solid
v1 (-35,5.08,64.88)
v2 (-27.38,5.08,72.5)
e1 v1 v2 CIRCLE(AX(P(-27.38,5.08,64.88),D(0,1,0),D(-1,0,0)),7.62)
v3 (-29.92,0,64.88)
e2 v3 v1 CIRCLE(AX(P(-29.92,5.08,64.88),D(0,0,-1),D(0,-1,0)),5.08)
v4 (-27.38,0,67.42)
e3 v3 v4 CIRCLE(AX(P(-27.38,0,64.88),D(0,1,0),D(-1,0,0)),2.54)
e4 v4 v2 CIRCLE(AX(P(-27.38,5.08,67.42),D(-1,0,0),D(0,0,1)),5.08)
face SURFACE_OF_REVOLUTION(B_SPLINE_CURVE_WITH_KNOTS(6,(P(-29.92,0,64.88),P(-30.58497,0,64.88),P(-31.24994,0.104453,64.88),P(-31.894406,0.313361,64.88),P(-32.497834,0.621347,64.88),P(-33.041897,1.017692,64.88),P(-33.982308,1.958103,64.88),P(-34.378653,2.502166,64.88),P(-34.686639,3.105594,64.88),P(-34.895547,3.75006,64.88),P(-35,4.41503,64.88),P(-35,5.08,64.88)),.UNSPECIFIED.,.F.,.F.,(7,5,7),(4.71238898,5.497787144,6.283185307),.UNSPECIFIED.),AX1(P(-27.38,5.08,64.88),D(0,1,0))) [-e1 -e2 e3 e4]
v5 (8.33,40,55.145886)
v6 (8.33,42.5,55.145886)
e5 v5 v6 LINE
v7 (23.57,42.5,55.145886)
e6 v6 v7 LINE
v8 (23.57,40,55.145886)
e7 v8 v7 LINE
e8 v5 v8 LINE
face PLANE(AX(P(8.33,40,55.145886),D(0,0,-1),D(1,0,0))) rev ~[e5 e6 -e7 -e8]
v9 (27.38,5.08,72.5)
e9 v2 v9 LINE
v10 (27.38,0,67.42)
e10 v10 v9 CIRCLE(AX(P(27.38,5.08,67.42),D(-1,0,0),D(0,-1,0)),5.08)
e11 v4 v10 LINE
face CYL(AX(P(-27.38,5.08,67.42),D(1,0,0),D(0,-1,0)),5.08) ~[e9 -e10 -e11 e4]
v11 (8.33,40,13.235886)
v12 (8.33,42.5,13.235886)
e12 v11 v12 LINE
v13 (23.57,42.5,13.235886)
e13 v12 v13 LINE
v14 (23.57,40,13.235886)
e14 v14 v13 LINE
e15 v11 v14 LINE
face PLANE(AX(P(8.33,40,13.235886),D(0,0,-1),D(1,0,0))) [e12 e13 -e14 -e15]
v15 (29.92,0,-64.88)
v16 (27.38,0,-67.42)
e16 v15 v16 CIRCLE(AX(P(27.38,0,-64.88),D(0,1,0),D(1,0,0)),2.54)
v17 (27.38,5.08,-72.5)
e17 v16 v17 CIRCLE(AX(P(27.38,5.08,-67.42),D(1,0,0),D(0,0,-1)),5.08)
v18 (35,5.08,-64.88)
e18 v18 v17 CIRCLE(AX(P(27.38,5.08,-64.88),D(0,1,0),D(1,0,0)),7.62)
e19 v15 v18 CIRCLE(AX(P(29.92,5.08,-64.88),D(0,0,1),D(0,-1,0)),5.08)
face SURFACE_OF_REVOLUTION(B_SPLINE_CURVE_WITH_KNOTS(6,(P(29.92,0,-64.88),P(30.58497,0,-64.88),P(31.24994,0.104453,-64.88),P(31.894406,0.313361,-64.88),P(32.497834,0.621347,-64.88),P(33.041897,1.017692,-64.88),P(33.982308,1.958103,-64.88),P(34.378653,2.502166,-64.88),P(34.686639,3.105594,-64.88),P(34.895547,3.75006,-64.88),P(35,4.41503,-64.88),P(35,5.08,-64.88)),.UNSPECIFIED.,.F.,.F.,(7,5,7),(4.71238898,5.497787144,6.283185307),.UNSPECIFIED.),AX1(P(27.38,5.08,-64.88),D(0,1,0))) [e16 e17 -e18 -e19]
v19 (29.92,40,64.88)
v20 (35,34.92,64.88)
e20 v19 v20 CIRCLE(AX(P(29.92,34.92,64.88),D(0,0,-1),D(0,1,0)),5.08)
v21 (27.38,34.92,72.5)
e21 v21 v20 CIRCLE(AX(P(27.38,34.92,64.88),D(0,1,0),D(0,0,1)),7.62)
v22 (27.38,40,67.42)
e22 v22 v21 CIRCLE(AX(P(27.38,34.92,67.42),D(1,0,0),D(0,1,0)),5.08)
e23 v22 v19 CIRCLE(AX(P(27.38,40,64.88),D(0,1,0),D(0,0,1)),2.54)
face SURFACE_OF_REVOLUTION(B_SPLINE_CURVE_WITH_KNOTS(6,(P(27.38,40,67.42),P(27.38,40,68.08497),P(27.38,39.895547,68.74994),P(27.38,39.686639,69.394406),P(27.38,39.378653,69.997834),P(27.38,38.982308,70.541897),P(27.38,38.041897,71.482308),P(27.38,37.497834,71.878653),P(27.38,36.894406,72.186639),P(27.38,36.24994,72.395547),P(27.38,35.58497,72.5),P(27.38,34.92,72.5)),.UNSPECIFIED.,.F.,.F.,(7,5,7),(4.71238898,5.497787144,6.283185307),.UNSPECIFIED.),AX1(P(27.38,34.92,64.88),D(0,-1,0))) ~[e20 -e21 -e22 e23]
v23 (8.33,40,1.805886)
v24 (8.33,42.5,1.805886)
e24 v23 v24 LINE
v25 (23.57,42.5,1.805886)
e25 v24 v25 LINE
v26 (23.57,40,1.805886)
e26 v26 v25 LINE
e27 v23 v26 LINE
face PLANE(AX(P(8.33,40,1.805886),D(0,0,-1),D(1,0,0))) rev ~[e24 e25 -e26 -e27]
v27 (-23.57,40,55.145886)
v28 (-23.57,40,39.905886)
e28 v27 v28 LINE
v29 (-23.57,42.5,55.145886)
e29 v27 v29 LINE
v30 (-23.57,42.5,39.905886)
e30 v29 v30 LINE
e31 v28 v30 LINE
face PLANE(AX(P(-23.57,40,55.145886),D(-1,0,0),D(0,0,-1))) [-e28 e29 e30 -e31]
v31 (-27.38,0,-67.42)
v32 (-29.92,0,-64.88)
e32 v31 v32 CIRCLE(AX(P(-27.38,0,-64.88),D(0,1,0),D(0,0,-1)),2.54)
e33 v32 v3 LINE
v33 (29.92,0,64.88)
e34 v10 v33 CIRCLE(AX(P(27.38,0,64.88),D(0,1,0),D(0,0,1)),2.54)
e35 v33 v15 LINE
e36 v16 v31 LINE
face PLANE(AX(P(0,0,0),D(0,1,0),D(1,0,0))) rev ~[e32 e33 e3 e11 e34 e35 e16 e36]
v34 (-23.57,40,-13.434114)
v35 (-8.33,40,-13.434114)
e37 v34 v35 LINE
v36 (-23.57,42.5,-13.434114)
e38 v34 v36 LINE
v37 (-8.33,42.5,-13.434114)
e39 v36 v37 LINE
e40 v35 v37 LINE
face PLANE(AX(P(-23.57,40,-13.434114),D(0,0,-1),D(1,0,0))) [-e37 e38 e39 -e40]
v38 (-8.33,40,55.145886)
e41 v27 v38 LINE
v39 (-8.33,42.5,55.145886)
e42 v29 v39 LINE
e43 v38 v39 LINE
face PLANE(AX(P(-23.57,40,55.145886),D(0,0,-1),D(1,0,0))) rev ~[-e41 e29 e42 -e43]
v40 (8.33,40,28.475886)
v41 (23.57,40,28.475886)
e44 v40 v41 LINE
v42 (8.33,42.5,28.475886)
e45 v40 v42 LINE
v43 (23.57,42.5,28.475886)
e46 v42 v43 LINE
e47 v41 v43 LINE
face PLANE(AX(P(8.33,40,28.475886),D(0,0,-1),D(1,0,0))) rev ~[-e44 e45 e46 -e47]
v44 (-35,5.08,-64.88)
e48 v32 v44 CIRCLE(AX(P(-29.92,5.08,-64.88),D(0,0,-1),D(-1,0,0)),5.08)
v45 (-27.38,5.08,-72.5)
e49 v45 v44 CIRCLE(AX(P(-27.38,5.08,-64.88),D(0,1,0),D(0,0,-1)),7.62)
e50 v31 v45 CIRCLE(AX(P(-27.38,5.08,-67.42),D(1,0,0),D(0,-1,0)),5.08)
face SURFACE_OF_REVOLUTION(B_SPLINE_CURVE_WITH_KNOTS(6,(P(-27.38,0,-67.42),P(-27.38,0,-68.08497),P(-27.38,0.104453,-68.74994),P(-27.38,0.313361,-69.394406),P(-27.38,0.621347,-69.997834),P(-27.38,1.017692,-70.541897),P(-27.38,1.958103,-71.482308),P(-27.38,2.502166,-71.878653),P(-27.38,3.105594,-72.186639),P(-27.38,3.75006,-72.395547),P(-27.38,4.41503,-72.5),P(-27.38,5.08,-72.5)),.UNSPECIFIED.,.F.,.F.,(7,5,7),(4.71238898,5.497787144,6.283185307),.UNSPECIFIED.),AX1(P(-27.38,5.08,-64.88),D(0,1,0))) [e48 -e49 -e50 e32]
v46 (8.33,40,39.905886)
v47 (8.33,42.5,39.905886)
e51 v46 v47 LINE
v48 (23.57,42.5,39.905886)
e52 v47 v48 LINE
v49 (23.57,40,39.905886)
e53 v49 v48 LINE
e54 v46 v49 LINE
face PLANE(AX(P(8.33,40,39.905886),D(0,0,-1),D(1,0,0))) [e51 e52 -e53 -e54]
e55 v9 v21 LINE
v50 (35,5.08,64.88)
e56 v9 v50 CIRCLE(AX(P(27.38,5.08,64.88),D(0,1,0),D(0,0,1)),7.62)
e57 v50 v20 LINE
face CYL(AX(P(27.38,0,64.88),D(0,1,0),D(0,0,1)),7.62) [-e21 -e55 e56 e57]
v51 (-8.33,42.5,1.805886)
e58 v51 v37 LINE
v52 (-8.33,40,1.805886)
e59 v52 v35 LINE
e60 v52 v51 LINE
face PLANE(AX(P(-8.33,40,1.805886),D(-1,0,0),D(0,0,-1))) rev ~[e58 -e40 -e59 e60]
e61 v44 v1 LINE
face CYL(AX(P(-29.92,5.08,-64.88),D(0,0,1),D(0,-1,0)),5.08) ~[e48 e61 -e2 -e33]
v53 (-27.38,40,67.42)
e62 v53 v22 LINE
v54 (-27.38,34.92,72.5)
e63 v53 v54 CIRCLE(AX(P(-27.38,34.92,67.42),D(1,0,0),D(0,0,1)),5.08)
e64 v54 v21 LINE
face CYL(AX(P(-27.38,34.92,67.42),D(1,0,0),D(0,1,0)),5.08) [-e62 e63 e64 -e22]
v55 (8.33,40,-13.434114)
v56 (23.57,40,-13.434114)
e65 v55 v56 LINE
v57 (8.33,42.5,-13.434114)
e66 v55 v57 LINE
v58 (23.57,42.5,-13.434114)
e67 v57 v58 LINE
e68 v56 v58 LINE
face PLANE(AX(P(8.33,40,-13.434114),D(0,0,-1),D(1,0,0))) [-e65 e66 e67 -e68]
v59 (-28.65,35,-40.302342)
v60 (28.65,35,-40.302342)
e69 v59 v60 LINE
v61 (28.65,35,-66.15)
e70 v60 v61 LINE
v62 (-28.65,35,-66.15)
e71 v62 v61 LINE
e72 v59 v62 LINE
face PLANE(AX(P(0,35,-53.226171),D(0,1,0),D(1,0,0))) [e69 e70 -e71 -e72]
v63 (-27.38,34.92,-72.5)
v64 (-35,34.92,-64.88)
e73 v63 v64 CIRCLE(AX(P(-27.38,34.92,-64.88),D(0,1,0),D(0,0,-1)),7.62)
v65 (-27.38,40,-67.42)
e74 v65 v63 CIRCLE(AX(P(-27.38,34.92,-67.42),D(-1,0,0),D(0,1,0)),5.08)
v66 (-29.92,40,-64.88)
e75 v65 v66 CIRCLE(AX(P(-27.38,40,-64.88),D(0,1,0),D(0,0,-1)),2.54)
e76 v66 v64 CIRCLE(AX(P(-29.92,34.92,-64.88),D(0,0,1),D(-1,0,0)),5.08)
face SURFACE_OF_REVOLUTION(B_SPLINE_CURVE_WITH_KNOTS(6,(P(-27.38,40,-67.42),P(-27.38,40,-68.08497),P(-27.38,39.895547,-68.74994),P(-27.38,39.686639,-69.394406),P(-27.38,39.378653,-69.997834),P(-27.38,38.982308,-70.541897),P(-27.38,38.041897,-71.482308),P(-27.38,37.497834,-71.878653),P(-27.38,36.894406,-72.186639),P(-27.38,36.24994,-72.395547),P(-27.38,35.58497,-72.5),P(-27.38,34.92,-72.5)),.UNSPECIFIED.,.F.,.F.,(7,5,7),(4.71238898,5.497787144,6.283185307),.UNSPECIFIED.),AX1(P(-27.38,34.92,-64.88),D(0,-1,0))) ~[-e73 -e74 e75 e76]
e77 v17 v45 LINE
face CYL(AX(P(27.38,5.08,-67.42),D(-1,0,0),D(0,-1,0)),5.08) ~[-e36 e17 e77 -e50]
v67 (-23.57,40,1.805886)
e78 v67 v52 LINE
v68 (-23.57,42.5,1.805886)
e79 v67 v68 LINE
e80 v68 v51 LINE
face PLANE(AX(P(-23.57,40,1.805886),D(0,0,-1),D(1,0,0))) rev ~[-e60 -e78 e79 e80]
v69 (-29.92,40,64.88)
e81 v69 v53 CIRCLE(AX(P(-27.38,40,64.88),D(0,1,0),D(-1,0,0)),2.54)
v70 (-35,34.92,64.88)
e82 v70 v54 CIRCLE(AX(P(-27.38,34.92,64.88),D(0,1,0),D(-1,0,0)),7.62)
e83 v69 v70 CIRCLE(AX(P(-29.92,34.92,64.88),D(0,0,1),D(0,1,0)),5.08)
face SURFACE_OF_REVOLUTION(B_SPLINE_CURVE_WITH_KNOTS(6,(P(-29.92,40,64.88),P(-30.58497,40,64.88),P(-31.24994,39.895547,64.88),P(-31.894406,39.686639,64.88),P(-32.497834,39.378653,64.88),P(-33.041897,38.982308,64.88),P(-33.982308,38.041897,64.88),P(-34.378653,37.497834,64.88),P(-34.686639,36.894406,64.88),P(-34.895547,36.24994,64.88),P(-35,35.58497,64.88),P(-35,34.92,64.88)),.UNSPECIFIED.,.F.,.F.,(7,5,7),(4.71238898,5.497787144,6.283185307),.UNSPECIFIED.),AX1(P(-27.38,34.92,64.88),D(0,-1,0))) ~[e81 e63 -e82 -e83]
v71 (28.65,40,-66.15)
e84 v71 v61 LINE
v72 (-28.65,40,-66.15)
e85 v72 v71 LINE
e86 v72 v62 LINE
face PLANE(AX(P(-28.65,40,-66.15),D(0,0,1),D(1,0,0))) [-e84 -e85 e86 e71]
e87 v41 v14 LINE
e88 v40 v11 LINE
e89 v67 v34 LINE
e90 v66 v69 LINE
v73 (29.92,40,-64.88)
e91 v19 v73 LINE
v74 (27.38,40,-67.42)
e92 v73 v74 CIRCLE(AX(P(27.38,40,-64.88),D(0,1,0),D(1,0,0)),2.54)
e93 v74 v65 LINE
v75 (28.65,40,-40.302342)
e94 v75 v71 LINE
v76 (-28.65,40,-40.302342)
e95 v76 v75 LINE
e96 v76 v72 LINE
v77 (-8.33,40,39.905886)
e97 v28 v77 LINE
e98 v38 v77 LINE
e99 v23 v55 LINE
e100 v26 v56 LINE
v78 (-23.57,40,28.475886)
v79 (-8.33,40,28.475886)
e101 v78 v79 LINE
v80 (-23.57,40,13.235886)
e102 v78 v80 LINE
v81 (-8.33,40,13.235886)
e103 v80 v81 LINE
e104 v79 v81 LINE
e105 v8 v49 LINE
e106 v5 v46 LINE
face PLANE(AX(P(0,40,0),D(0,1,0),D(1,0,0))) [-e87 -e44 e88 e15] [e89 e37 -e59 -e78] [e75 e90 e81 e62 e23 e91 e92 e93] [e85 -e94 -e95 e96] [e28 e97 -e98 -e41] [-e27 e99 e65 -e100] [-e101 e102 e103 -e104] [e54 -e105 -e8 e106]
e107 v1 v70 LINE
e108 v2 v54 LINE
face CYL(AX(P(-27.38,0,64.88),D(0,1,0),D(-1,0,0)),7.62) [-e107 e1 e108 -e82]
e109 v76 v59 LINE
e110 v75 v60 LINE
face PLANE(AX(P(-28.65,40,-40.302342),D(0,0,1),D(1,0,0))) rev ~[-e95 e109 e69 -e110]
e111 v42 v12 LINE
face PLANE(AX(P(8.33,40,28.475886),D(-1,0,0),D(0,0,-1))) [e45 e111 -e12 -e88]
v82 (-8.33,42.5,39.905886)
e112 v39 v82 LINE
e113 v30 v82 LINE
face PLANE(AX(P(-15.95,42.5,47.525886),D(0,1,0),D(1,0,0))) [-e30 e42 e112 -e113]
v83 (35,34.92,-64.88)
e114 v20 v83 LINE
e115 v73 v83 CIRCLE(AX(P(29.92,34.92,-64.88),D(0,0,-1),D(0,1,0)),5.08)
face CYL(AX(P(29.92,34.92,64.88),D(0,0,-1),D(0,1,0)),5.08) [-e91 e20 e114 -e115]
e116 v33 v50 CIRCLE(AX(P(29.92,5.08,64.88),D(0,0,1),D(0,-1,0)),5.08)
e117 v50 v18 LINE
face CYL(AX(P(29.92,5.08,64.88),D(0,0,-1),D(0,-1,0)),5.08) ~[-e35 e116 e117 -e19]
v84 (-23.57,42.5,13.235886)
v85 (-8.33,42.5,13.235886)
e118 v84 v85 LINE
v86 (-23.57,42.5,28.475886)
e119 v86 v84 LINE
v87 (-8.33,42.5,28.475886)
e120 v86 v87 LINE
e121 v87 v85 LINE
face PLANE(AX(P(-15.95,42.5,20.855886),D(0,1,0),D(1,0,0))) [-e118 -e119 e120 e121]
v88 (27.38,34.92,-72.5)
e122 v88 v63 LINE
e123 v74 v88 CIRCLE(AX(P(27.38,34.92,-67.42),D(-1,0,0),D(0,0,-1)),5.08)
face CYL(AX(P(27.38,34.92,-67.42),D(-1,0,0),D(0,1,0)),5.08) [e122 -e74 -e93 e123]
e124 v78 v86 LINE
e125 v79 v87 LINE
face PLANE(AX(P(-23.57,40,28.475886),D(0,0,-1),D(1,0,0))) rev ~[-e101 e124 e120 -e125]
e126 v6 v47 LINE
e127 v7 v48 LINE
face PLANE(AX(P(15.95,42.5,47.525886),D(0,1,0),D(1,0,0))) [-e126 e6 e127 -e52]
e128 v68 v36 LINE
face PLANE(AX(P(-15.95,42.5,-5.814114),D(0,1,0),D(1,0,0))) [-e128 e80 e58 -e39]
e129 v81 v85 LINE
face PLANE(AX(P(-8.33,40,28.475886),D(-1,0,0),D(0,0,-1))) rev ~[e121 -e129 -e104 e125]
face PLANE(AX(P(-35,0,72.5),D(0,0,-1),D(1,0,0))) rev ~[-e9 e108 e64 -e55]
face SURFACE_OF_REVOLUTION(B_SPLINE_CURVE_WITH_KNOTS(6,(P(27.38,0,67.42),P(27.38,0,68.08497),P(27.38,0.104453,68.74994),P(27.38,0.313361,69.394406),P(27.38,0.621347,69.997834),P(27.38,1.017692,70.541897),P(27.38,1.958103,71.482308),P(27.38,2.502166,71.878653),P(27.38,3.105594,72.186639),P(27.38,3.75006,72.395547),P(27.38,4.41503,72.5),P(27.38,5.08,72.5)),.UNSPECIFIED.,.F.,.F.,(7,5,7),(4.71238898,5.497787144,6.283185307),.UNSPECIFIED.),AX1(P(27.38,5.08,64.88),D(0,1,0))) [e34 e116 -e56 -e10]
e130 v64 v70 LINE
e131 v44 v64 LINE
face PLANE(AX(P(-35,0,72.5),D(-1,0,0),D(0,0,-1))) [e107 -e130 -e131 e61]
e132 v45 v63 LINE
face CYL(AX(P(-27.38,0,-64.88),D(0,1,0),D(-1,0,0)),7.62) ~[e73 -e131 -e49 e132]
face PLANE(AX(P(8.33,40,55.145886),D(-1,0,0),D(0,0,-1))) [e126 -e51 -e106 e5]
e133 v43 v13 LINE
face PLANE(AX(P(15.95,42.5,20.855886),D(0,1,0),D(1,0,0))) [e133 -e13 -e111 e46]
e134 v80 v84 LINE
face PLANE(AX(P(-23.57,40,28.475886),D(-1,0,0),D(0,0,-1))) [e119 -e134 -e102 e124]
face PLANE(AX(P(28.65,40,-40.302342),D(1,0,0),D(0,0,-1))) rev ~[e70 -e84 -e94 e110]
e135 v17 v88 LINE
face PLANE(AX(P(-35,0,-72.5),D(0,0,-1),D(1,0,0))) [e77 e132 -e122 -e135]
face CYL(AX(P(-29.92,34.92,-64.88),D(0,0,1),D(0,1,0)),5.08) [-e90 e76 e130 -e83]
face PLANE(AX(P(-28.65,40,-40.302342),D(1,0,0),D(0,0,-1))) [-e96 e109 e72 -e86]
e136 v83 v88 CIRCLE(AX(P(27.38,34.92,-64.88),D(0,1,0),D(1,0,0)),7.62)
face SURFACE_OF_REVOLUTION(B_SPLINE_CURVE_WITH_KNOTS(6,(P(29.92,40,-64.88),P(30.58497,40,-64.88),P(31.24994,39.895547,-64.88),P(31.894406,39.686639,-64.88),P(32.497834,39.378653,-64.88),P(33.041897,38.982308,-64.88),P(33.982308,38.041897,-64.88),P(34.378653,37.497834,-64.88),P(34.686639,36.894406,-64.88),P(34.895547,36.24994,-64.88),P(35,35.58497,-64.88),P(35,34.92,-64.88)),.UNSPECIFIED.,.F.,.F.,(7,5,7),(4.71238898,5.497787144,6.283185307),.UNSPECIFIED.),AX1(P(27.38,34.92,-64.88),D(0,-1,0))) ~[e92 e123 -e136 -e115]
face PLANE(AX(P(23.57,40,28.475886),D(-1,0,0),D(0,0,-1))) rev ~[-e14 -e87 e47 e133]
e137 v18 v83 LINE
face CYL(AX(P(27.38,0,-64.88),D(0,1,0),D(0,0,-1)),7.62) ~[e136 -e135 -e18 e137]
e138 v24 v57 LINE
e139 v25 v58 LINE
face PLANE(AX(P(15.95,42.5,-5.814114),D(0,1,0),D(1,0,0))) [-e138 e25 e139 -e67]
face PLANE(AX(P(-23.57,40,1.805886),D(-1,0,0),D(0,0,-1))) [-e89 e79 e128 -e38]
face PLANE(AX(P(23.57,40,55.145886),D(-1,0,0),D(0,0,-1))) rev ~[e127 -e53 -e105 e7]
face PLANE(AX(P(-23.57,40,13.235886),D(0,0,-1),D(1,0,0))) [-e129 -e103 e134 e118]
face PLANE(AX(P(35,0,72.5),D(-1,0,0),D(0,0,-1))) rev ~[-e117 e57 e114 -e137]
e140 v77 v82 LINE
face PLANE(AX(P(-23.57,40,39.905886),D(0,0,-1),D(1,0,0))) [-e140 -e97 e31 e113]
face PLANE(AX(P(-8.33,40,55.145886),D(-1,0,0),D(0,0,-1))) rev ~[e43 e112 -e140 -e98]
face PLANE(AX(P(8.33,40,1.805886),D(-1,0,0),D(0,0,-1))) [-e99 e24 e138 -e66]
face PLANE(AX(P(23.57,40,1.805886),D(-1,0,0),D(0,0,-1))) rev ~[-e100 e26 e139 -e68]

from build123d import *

# Parameters (mm, degrees)
SKETCH1_W           = 70
SKETCH1_H           = 145
BOSS_EXTRUDE1_DEPTH = 40
SKETCH2_W           = 57.3
SKETCH2_H           = 25.847658175
CUT_EXTRUDE1_DEPTH  = 5
SKETCH3_W           = 15.24
SKETCH3_H           = 15.24
BOSS_EXTRUDE2_DEPTH = 2.5
LPATTERN1_COUNT     = 3
LPATTERN1_PITCH     = 26.67
FILLET1_R           = 7.62
FILLET2_R           = 5.08
FILLET3_R           = 5.08


with BuildPart() as part:
    # Sketch1 → Boss-Extrude1 (new body)
    with BuildSketch(Plane(origin=(0, 0, 0), x_dir=(1, 0, 0), z_dir=(0, 1, 0))):
        Rectangle(SKETCH1_W, SKETCH1_H)
    extrude(amount=BOSS_EXTRUDE1_DEPTH)

    # Sketch2 → Cut-Extrude1 (cut)
    with BuildSketch(Plane(origin=(0, 40, 0), x_dir=(1, 0, 0), z_dir=(0, 1, 0))):
        with Locations((0, 53.226170913)):
            Rectangle(SKETCH2_W, SKETCH2_H)
    extrude(amount=-CUT_EXTRUDE1_DEPTH, mode=Mode.SUBTRACT)

    # Sketch3 → Boss-Extrude2 (add)
    with BuildSketch(Plane(origin=(0, 40, 0), x_dir=(1, 0, 0), z_dir=(0, 1, 0))):
        with Locations((-15.95, 5.814113942)):
            Rectangle(SKETCH3_W, SKETCH3_H)
        with Locations((15.95, 5.814113942)):
            Rectangle(SKETCH3_W, SKETCH3_H)
    boss_extrude2 = extrude(amount=BOSS_EXTRUDE2_DEPTH)

    # LPattern1: Boss-Extrude2 ×3
    with Locations(*[(0, 0, i * LPATTERN1_PITCH) for i in range(1, LPATTERN1_COUNT)]):
        add(boss_extrude2)

    # Fillet1
    fillet1_edges = [part.edges().sort_by_distance(p)[0] for p in [
        (35, 20, 72.5),
        (-35, 20, 72.5),
        (-35, 20, -72.5),
        (35, 20, -72.5),
    ]]
    fillet(fillet1_edges, radius=FILLET1_R)

    # Fillet2
    fillet2_edges = [part.edges().sort_by_distance(p)[0] for p in [
        (35, 40, 0),
        (0, 40, 72.5),
        (0, 40, -72.5),
        (-35, 40, 0),
        (32.768153673, 40, -70.268153673),
        (-32.768153673, 40, -70.268153673),
        (-32.768153673, 40, 70.268153673),
        (32.768153673, 40, 70.268153673),
    ]]
    fillet(fillet2_edges, radius=FILLET2_R)

    # Fillet3
    fillet3_edges = [part.edges().sort_by_distance(p)[0] for p in [
        (35, 0, 0),
        (0, 0, 72.5),
        (-35, 0, 0),
        (0, 0, -72.5),
        (32.768153673, 0, -70.268153673),
        (-32.768153673, 0, -70.268153673),
        (-32.768153673, 0, 70.268153673),
        (32.768153673, 0, 70.268153673),
    ]]
    fillet(fillet3_edges, radius=FILLET3_R)


solid = part.part
